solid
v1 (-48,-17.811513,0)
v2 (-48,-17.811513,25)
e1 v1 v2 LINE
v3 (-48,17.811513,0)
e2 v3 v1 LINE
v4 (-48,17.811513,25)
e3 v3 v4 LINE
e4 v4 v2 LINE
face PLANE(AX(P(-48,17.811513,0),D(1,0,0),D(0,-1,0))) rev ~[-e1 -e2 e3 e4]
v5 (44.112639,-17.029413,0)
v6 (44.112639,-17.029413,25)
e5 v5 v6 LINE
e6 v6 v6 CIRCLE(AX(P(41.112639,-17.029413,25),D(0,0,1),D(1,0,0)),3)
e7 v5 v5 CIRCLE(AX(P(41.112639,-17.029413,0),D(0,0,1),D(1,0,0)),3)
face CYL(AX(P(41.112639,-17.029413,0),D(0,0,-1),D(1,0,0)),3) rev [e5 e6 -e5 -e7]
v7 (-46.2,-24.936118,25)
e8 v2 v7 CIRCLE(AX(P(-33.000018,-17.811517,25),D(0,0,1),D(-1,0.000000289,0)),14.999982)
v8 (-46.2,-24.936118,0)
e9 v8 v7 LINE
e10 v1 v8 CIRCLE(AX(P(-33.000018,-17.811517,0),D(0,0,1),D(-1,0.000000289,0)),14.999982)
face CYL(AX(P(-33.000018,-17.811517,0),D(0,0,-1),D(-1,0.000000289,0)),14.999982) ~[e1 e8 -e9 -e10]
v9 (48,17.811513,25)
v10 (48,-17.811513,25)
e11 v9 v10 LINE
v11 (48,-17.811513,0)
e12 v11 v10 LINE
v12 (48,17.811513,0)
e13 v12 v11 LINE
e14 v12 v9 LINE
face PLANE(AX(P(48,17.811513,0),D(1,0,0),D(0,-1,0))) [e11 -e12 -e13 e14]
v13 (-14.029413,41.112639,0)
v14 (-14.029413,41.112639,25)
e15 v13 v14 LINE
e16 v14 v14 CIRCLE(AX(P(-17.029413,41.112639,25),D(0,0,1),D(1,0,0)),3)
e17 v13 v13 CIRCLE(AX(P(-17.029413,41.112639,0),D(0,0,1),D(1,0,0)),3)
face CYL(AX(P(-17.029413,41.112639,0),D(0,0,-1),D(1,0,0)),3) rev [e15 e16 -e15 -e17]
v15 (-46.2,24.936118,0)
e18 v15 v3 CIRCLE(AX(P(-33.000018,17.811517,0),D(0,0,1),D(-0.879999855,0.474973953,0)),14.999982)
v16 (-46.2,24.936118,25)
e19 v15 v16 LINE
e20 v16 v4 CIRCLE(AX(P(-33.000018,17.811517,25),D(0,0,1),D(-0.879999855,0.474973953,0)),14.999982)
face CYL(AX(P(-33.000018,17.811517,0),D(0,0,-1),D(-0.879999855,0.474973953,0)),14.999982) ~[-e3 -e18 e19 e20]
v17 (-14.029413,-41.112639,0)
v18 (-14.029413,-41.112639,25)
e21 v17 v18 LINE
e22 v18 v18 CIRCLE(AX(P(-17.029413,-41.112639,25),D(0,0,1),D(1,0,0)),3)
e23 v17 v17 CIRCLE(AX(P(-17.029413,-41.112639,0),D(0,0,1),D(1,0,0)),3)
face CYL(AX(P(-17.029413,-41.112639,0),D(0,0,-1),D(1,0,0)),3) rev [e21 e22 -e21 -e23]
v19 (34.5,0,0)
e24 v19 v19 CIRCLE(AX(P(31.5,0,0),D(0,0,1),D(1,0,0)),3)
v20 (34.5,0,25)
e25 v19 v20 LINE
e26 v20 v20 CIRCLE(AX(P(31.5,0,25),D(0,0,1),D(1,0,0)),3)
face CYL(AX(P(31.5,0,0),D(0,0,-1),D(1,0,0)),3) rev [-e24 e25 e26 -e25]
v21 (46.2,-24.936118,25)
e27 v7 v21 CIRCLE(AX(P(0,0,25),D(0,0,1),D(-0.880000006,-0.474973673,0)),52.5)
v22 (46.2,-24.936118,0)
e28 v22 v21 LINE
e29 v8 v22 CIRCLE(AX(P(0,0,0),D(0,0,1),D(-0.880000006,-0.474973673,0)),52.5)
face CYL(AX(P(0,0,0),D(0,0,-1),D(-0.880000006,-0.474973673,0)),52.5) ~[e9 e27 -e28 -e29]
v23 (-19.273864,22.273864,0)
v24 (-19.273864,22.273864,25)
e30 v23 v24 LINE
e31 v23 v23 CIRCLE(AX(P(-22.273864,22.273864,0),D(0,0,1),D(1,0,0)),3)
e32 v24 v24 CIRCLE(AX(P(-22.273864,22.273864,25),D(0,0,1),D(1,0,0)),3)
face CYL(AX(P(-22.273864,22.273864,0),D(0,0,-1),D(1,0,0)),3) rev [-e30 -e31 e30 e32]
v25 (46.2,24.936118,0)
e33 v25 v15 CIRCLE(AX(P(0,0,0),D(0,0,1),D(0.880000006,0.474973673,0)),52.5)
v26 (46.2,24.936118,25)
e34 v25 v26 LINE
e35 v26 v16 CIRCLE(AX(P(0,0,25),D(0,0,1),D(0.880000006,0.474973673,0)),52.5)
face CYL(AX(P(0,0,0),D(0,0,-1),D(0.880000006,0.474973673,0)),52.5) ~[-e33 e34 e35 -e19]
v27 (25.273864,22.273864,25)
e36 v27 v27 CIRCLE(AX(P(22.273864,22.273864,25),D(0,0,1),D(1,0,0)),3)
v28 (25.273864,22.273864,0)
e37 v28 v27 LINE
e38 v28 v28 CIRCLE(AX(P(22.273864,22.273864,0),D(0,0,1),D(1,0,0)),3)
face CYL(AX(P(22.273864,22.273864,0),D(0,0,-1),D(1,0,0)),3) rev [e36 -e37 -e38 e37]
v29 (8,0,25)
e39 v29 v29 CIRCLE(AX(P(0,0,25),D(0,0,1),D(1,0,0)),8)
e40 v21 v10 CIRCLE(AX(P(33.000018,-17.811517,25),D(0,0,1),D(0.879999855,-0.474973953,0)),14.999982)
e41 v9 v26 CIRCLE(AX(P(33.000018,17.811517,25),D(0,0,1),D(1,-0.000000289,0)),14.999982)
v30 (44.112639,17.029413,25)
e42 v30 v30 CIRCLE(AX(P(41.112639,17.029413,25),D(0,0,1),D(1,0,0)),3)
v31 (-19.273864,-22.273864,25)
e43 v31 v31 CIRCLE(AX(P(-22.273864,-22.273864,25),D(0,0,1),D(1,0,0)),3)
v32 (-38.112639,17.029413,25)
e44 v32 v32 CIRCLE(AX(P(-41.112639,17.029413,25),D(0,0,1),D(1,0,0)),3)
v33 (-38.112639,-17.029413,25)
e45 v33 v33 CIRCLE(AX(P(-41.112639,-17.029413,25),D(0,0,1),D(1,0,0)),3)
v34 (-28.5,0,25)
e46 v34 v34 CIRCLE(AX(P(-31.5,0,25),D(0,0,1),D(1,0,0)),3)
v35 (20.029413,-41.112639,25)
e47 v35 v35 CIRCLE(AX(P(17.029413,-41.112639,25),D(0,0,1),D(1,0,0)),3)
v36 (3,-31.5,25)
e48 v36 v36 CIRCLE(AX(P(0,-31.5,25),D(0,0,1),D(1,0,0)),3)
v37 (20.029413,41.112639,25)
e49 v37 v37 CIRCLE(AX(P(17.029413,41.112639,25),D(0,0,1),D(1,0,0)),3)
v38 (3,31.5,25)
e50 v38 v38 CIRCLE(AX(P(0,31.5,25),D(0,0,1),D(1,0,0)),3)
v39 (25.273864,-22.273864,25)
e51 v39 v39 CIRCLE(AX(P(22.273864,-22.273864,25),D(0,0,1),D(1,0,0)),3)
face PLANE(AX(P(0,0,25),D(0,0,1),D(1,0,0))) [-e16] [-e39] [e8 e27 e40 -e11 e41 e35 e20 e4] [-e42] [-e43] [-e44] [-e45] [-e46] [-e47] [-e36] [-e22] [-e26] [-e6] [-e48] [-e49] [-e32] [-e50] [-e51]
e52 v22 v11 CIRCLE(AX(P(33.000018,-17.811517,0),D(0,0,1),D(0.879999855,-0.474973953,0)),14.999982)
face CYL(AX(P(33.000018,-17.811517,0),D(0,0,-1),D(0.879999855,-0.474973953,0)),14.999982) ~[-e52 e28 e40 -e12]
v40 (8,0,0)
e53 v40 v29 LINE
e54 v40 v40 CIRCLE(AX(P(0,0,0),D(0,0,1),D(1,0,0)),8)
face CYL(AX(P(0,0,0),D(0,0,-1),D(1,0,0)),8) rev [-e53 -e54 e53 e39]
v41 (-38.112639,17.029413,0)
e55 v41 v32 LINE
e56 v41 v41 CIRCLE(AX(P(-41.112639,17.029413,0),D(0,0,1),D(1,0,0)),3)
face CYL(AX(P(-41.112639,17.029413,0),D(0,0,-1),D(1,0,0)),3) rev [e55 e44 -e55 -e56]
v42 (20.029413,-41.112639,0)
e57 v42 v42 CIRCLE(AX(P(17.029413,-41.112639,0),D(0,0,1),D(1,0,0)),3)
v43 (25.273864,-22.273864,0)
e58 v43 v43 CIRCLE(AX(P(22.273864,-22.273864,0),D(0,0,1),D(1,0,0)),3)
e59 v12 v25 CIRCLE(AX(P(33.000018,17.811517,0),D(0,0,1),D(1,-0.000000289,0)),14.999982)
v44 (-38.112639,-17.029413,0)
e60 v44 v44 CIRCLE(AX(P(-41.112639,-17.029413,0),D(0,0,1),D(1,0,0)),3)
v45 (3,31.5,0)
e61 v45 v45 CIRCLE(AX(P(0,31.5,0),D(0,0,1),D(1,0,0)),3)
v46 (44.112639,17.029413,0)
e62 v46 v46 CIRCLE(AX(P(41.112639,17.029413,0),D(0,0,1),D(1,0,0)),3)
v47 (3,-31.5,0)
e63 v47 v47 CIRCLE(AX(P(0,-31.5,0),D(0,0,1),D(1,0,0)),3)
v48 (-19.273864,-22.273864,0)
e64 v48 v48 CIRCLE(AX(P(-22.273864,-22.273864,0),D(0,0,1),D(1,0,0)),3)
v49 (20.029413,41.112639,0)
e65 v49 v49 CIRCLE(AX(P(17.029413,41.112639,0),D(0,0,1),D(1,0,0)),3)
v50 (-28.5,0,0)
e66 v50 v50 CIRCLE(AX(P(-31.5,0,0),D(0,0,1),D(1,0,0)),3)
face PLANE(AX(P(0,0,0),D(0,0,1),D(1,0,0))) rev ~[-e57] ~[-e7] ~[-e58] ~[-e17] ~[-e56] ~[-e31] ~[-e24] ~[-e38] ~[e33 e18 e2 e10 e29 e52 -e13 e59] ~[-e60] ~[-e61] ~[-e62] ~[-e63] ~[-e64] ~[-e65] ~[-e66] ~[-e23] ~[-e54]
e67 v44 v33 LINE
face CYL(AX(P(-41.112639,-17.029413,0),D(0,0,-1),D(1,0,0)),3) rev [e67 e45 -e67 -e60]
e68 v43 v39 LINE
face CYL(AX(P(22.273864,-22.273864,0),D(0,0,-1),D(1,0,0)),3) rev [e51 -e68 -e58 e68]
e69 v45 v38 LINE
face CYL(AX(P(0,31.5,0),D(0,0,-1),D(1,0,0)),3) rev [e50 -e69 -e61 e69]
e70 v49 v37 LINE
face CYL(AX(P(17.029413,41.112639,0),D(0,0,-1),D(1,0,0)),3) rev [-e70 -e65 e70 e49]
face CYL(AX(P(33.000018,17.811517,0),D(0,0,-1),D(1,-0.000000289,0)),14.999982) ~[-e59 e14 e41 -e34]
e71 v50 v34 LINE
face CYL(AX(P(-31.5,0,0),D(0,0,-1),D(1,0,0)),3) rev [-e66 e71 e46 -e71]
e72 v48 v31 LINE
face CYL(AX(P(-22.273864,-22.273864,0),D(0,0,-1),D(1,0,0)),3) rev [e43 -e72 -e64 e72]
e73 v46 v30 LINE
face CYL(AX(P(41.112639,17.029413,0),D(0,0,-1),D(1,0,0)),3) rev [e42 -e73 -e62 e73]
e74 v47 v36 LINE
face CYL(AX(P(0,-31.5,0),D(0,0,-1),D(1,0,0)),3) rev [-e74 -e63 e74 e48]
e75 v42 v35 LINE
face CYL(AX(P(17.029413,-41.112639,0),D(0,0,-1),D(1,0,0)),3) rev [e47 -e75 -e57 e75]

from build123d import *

# Parameters (mm, degrees)
SKETCH_R   = 3
SKETCH_R_2 = 8
PAD_DEPTH  = 25


with BuildPart() as part:
    # Sketch → Pad (new body)
    with BuildSketch(Plane.XY):
        with BuildLine():
            ThreePointArc((-46.2, -24.936118), (0, -52.5), (46.2, -24.936118))
            ThreePointArc((46.2, -24.936118), (47.54304, -21.485748), (48, -17.811513))
            Line((48, 17.811513), (48, -17.811513))
            ThreePointArc((48, 17.811513), (47.54304, 21.485748), (46.2, 24.936118))
            ThreePointArc((46.2, 24.936118), (0, 52.5), (-46.2, 24.936118))
            ThreePointArc((-46.2, 24.936118), (-47.54304, 21.485748), (-48, 17.811513))
            Line((-48, 17.811513), (-48, -17.811513))
            ThreePointArc((-48, -17.811513), (-47.54304, -21.485748), (-46.2, -24.936118))
        make_face()
        with Locations((22.273864, 22.273864)):
            Circle(SKETCH_R, mode=Mode.SUBTRACT)
        with Locations((0, 31.5)):
            Circle(SKETCH_R, mode=Mode.SUBTRACT)
        with Locations((31.5, 0)):
            Circle(SKETCH_R, mode=Mode.SUBTRACT)
        with Locations((0, -31.5)):
            Circle(SKETCH_R, mode=Mode.SUBTRACT)
        with Locations((-22.273864, -22.273864)):
            Circle(SKETCH_R, mode=Mode.SUBTRACT)
        with Locations((-31.5, 0)):
            Circle(SKETCH_R, mode=Mode.SUBTRACT)
        with Locations((-22.273864, 22.273864)):
            Circle(SKETCH_R, mode=Mode.SUBTRACT)
        with Locations((22.273864, -22.273864)):
            Circle(SKETCH_R, mode=Mode.SUBTRACT)
        with Locations((-17.029413, 41.112639)):
            Circle(SKETCH_R, mode=Mode.SUBTRACT)
        with Locations((17.029413, 41.112639)):
            Circle(SKETCH_R, mode=Mode.SUBTRACT)
        with Locations((41.112639, 17.029413)):
            Circle(SKETCH_R, mode=Mode.SUBTRACT)
        with Locations((41.112639, -17.029413)):
            Circle(SKETCH_R, mode=Mode.SUBTRACT)
        with Locations((17.029413, -41.112639)):
            Circle(SKETCH_R, mode=Mode.SUBTRACT)
        with Locations((-17.029413, -41.112639)):
            Circle(SKETCH_R, mode=Mode.SUBTRACT)
        with Locations((-41.112639, -17.029413)):
            Circle(SKETCH_R, mode=Mode.SUBTRACT)
        with Locations((-41.112639, 17.029413)):
            Circle(SKETCH_R, mode=Mode.SUBTRACT)
        Circle(SKETCH_R_2, mode=Mode.SUBTRACT)
    extrude(amount=PAD_DEPTH)


solid = part.part
